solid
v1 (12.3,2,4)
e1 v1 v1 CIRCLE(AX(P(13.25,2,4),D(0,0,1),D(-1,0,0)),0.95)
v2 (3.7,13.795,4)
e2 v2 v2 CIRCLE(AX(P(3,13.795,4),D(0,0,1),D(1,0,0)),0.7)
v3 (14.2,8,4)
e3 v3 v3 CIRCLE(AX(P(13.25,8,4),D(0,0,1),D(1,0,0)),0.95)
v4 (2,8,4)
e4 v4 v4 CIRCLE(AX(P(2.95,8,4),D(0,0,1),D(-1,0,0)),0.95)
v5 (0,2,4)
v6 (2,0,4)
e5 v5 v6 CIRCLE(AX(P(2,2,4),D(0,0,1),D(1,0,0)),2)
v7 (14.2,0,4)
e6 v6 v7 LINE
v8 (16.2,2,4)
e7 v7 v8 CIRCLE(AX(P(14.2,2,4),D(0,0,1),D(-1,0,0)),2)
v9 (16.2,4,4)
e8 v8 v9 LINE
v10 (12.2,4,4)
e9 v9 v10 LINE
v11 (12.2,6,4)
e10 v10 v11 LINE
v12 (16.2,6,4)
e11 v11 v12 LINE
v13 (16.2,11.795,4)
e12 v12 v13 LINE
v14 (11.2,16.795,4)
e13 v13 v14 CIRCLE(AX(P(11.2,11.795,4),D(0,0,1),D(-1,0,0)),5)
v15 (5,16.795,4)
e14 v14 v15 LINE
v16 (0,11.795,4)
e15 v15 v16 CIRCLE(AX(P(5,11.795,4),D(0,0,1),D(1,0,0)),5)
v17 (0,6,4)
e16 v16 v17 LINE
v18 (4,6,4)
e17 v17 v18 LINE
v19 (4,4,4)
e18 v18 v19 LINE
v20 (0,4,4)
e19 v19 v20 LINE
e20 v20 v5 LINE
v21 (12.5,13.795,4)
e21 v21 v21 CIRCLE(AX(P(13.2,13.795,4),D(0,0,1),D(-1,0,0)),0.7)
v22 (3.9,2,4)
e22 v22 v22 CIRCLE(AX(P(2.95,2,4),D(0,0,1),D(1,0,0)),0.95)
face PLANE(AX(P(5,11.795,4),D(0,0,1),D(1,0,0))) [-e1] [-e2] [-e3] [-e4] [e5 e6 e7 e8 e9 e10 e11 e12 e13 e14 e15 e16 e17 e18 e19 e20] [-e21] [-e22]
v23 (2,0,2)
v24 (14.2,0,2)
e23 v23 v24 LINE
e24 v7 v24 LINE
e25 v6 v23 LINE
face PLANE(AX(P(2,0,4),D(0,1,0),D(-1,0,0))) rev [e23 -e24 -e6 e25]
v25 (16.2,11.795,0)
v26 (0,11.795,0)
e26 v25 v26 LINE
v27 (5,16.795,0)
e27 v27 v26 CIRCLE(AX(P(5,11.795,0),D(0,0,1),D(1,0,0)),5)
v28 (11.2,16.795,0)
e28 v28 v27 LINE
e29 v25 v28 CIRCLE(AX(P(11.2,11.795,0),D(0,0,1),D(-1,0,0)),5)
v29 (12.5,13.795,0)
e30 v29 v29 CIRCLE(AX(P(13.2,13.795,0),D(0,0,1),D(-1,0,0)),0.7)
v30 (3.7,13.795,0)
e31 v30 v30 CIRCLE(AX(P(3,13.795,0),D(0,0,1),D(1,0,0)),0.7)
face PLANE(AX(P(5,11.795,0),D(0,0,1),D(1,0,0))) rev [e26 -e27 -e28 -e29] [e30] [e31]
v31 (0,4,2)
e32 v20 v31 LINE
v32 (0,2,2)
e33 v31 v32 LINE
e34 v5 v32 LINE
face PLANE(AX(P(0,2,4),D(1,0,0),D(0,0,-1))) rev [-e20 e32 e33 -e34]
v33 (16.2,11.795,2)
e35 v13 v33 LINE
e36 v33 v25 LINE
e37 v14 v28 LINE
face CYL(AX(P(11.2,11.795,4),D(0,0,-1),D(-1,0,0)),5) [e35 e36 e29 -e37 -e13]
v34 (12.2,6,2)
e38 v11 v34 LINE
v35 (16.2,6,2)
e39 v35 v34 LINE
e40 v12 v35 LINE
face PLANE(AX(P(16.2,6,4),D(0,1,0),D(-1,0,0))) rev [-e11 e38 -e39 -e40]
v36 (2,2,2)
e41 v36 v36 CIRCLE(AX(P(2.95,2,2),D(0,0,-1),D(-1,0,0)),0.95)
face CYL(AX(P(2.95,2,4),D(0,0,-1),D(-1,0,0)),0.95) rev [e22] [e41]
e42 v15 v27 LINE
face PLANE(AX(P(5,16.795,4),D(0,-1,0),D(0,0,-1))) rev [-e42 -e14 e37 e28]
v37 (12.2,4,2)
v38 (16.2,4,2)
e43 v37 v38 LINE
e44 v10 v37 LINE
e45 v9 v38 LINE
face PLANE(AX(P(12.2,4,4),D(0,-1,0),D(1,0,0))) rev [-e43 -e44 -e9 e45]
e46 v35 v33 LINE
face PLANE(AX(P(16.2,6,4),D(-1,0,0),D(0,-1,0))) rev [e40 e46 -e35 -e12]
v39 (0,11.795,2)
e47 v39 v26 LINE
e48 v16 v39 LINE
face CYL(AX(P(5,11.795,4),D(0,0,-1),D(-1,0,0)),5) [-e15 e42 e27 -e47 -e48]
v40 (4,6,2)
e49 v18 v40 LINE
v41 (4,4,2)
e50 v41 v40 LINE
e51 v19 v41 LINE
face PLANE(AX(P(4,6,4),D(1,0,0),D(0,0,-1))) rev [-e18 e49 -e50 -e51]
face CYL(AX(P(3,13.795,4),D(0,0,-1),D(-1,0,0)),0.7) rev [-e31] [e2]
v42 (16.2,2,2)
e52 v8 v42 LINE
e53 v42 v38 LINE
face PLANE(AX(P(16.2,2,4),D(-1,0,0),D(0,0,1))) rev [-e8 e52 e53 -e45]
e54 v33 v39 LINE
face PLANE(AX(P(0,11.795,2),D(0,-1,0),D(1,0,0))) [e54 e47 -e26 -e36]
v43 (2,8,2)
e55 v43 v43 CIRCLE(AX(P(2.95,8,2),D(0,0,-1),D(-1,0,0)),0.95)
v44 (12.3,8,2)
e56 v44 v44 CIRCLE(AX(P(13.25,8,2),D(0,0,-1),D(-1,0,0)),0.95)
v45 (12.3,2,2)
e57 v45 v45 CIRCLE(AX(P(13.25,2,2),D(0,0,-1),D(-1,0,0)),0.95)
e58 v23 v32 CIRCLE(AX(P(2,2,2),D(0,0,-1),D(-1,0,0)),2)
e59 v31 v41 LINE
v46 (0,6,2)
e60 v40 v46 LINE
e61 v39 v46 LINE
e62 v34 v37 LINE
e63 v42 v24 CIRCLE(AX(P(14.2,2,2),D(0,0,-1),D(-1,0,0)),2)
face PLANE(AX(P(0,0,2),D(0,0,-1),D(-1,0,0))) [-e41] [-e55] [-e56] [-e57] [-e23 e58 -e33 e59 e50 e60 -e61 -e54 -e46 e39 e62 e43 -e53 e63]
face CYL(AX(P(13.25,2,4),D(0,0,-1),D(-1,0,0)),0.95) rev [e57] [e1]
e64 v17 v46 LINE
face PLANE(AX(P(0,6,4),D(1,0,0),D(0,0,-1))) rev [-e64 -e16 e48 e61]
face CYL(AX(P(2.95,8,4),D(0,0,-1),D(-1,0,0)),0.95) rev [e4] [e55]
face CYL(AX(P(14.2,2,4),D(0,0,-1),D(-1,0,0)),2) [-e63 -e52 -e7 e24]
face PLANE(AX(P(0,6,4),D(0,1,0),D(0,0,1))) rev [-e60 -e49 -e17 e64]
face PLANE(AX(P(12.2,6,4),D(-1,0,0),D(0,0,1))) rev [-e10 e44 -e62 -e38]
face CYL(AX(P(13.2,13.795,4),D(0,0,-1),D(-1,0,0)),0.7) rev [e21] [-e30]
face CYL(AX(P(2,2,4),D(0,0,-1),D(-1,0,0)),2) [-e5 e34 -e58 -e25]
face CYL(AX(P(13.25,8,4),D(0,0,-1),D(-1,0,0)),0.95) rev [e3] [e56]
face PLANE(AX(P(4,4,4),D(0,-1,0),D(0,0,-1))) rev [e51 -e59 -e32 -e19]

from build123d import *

# Parameters (mm, degrees)
SKETCH1_R           = 0.95
SKETCH1_R_2         = 0.7
BOSS_EXTRUDE1_DEPTH = 4
SKETCH2_W           = 16.2
SKETCH2_H           = 11.795
CUT_EXTRUDE1_DEPTH  = 2


with BuildPart() as part:
    # Sketch1 → Boss-Extrude1 (new body)
    with BuildSketch(Plane.XY):
        with BuildLine():
            Line((0, 6), (0, 11.795))
            ThreePointArc((0, 11.795), (1.464466094, 15.330533906), (5, 16.795))
            Line((5, 16.795), (11.2, 16.795))
            ThreePointArc((11.2, 16.795), (14.735533906, 15.330533906), (16.2, 11.795))
            Line((16.2, 11.795), (16.2, 6))
            Line((16.2, 6), (12.2, 6))
            Line((12.2, 6), (12.2, 4))
            Line((12.2, 4), (16.2, 4))
            Line((16.2, 4), (16.2, 2))
            ThreePointArc((16.2, 2), (15.614213562, 0.585786438), (14.2, 0))
            Line((14.2, 0), (2, 0))
            ThreePointArc((2, 0), (0.585786438, 0.585786438), (0, 2))
            Line((0, 2), (0, 4))
            Line((0, 4), (4, 4))
            Line((4, 4), (4, 6))
            Line((4, 6), (0, 6))
        make_face()
        with Locations((13.25, 2)):
            Circle(SKETCH1_R, mode=Mode.SUBTRACT)
        with Locations((13.25, 8)):
            Circle(SKETCH1_R, mode=Mode.SUBTRACT)
        with Locations((3, 13.795)):
            Circle(SKETCH1_R_2, mode=Mode.SUBTRACT)
        with Locations((13.2, 13.795)):
            Circle(SKETCH1_R_2, mode=Mode.SUBTRACT)
        with Locations((2.95, 8)):
            Circle(SKETCH1_R, mode=Mode.SUBTRACT)
        with Locations((2.95, 2)):
            Circle(SKETCH1_R, mode=Mode.SUBTRACT)
    extrude(amount=BOSS_EXTRUDE1_DEPTH)

    # Sketch2 → Cut-Extrude1 (cut)
    with BuildSketch(Plane.XY):
        with Locations((8.1, 5.8975)):
            Rectangle(SKETCH2_W, SKETCH2_H)
    extrude(amount=CUT_EXTRUDE1_DEPTH, mode=Mode.SUBTRACT)


solid = part.part
